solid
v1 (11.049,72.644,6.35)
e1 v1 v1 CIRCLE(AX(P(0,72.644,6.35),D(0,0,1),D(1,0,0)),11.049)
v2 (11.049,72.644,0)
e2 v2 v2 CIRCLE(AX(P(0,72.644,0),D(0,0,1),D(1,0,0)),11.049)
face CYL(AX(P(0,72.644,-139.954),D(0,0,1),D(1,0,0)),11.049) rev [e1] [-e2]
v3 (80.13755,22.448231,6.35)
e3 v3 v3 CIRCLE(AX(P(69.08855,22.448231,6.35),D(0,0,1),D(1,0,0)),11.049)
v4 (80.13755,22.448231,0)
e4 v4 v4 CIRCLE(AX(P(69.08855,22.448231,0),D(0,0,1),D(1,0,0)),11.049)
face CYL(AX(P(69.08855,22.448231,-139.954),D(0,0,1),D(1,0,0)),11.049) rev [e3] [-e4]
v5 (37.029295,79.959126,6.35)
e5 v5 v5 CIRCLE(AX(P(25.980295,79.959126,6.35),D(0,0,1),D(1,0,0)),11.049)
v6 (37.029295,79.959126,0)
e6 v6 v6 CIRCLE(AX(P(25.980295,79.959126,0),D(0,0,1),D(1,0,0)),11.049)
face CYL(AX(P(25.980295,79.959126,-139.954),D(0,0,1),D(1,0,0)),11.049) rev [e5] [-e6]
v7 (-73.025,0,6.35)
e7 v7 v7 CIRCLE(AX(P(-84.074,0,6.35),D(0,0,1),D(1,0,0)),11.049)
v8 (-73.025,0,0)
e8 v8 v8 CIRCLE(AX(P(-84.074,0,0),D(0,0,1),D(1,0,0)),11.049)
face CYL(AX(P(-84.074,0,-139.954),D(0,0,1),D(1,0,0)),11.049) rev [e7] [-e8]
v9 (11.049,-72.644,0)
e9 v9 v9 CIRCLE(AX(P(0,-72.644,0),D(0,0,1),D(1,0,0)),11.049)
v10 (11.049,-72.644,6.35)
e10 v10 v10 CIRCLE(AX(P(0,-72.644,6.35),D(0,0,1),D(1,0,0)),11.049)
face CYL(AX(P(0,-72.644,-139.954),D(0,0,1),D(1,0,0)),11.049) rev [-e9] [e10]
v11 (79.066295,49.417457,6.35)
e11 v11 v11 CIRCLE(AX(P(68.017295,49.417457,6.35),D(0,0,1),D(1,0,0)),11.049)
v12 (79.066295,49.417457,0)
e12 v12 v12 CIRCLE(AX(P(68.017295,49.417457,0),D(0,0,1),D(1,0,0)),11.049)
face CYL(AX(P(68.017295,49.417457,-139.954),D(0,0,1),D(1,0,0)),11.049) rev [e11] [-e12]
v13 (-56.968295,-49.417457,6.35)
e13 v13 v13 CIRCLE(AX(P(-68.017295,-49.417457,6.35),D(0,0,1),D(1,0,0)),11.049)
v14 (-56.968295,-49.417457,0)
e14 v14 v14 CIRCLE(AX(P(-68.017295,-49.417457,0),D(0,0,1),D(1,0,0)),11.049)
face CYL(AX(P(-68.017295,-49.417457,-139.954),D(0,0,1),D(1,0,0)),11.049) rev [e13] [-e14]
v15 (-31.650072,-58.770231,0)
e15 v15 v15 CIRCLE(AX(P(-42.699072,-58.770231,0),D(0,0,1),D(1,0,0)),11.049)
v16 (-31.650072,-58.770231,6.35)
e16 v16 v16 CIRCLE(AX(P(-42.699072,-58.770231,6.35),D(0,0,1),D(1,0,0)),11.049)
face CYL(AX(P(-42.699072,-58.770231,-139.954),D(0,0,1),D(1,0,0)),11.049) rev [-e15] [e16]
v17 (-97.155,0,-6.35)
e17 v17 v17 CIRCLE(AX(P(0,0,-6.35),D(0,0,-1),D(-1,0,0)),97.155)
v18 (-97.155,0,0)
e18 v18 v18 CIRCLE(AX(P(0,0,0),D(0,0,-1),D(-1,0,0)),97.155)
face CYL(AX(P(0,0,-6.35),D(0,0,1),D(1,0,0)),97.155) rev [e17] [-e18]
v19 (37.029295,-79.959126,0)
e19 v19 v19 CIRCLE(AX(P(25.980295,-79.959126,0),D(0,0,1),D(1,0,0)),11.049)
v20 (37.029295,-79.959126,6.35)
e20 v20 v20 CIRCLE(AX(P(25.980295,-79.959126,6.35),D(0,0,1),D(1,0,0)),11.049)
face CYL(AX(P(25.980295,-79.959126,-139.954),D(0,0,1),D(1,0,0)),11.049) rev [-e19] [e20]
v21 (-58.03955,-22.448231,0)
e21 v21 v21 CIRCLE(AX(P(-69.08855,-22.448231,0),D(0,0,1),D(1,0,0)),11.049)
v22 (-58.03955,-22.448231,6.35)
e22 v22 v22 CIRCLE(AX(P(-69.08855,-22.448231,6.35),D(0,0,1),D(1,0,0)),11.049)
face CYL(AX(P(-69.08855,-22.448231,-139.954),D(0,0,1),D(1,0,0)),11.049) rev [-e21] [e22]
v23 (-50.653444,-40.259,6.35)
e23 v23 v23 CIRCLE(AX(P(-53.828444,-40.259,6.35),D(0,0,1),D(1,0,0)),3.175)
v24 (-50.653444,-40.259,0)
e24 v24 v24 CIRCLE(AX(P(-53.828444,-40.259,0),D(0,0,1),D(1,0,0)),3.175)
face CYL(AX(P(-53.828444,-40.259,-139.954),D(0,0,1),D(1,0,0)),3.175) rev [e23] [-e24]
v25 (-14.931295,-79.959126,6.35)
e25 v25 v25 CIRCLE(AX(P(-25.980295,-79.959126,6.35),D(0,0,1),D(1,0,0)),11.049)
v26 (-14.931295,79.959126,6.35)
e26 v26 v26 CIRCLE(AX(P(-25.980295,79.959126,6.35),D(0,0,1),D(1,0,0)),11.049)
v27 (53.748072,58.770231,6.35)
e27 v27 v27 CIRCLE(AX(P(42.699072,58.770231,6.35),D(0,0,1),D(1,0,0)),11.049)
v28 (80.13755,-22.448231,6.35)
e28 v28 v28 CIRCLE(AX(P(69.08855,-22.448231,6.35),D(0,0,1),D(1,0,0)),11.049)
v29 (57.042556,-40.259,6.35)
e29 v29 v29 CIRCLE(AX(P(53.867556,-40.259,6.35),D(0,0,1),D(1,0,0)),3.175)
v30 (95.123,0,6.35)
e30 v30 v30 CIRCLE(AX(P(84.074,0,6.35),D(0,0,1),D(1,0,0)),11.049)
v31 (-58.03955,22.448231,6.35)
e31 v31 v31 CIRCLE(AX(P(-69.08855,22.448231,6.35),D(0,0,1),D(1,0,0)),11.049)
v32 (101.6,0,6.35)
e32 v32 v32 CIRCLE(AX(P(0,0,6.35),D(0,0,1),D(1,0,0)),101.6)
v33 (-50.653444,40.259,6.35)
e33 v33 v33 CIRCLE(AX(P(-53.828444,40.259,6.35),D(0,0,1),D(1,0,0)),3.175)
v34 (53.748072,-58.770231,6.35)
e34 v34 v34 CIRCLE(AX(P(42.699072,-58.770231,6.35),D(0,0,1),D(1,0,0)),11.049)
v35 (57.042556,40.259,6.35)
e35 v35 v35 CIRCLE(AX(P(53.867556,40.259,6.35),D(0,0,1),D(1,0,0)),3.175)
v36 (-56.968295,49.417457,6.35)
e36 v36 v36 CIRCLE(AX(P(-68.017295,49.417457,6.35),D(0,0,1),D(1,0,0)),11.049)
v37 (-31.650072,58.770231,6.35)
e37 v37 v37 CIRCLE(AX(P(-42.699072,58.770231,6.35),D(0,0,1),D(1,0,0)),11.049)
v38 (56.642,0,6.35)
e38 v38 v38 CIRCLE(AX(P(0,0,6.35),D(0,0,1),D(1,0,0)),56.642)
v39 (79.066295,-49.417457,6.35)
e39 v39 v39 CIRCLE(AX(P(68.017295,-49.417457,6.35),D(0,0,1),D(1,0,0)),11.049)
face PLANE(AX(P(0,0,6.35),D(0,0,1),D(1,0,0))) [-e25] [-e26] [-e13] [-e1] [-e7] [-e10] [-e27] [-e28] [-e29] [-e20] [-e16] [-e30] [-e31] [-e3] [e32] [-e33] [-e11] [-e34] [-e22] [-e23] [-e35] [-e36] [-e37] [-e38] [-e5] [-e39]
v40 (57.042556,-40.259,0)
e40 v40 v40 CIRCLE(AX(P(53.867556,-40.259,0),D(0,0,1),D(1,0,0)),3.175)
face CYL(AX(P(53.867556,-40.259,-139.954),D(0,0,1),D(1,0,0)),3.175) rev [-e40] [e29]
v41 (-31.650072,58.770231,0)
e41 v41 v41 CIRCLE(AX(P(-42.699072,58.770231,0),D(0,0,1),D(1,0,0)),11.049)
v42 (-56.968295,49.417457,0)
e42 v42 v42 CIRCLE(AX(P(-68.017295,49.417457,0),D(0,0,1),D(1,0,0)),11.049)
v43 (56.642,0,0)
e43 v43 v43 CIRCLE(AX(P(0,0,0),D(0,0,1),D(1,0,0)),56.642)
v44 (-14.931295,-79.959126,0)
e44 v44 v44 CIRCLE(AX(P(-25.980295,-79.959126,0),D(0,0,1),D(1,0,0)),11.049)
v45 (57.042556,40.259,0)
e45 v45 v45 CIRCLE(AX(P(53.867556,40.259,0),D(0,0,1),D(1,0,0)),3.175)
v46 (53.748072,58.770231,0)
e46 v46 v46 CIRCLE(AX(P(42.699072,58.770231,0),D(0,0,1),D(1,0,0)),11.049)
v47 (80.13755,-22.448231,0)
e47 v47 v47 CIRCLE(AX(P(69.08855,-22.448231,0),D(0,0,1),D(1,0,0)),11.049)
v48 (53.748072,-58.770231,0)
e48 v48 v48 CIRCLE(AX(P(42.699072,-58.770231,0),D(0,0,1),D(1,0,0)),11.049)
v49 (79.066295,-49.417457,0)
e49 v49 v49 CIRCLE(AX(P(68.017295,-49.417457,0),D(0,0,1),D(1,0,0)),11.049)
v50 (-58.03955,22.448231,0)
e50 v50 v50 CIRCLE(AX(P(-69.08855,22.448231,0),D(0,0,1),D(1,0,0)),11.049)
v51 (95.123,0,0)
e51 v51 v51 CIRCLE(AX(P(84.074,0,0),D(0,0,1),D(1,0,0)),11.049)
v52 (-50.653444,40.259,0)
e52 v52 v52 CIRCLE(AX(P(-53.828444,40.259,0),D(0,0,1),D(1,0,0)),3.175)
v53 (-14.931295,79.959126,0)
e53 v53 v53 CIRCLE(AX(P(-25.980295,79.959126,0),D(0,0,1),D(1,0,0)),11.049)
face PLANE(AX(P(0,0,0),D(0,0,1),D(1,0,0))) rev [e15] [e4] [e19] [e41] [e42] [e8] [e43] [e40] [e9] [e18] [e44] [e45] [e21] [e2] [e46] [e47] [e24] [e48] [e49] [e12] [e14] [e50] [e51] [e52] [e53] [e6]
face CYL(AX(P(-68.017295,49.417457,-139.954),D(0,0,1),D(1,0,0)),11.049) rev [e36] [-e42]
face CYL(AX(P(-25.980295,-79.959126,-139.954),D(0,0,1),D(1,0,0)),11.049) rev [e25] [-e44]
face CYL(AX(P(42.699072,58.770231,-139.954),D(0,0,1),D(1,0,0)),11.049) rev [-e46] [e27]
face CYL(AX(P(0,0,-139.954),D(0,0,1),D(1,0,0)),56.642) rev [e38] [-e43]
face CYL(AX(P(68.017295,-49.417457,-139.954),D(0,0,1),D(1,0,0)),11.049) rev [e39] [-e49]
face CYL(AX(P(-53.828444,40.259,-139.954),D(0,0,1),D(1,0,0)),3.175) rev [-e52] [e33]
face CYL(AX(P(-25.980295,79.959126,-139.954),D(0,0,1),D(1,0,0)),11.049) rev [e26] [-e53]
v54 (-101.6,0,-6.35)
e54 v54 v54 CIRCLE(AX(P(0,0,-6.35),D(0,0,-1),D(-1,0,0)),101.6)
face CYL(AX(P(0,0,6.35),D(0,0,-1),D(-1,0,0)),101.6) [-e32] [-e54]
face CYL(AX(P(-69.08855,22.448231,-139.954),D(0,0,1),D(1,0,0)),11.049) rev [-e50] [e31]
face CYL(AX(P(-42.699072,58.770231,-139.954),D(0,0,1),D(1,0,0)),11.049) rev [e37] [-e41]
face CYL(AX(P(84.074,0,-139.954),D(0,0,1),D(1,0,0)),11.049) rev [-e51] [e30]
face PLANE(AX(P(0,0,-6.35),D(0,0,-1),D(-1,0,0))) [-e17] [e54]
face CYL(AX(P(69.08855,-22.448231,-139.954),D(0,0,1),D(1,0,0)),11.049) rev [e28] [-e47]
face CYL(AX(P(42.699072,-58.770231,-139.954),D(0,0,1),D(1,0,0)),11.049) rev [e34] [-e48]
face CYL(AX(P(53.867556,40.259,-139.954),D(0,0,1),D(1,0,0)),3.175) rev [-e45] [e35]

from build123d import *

# Parameters (mm, degrees)
SKETCH1_R           = 101.6
BOSS_EXTRUDE1_DEPTH = 6.35
SKETCH2_R           = 56.642
CUT_EXTRUDE1_DEPTH  = 146.304
SKETCH3_R           = 11.049
CUT_EXTRUDE2_DEPTH  = 146.304
SKETCH4_R           = 11.049
CUT_EXTRUDE3_DEPTH  = 146.304
SKETCH5_R           = 3.175
CUT_EXTRUDE4_DEPTH  = 146.304
BOSS_EXTRUDE2_START = 6.35
SKETCH6_R           = 101.6
SKETCH6_R_2         = 97.155
BOSS_EXTRUDE2_DEPTH = 6.35


with BuildPart() as part:
    # Sketch1 → Boss-Extrude1 (new body)
    with BuildSketch(Plane.XY):
        Circle(SKETCH1_R)
    extrude(amount=BOSS_EXTRUDE1_DEPTH)

    # Sketch2 → Cut-Extrude1 (cut)
    with BuildSketch(Plane.XY.offset(6.35)):
        Circle(SKETCH2_R)
    extrude(amount=-CUT_EXTRUDE1_DEPTH, mode=Mode.SUBTRACT)

    # Sketch3 → Cut-Extrude2 (cut)
    with BuildSketch(Plane.XY.offset(6.35)):
        with Locations((0, 72.644)):
            Circle(SKETCH3_R)
        with Locations((42.699071868, 58.770230539)):
            Circle(SKETCH3_R)
        with Locations((69.08854957, 22.448230539)):
            Circle(SKETCH3_R)
        with Locations((69.08854957, -22.448230539)):
            Circle(SKETCH3_R)
        with Locations((42.699071868, -58.770230539)):
            Circle(SKETCH3_R)
        with Locations((0, -72.644)):
            Circle(SKETCH3_R)
        with Locations((-42.699071868, -58.770230539)):
            Circle(SKETCH3_R)
        with Locations((-69.08854957, -22.448230539)):
            Circle(SKETCH3_R)
        with Locations((-69.08854957, 22.448230539)):
            Circle(SKETCH3_R)
        with Locations((-42.699071868, 58.770230539)):
            Circle(SKETCH3_R)
    extrude(amount=-CUT_EXTRUDE2_DEPTH, mode=Mode.SUBTRACT)

    # Sketch4 → Cut-Extrude3 (cut)
    with BuildSketch(Plane.XY.offset(6.35)):
        with Locations((84.074, 0)):
            Circle(SKETCH4_R)
        with Locations((68.017294785, -49.417457301)):
            Circle(SKETCH4_R)
        with Locations((25.980294785, -79.959125551)):
            Circle(SKETCH4_R)
        with Locations((-25.980294785, -79.959125551)):
            Circle(SKETCH4_R)
        with Locations((-68.017294785, -49.417457301)):
            Circle(SKETCH4_R)
        with Locations((-84.074, 0)):
            Circle(SKETCH4_R)
        with Locations((-68.017294785, 49.417457301)):
            Circle(SKETCH4_R)
        with Locations((-25.980294785, 79.959125551)):
            Circle(SKETCH4_R)
        with Locations((25.980294785, 79.959125551)):
            Circle(SKETCH4_R)
        with Locations((68.017294785, 49.417457301)):
            Circle(SKETCH4_R)
    extrude(amount=-CUT_EXTRUDE3_DEPTH, mode=Mode.SUBTRACT)

    # Sketch5 → Cut-Extrude4 (cut)
    with BuildSketch(Plane.XY.offset(6.35)):
        with Locations((53.867555897, 40.259)):
            Circle(SKETCH5_R)
        with Locations((-53.828444103, 40.259)):
            Circle(SKETCH5_R)
        with Locations((-53.828444103, -40.259)):
            Circle(SKETCH5_R)
        with Locations((53.867555897, -40.259)):
            Circle(SKETCH5_R)
    extrude(amount=-CUT_EXTRUDE4_DEPTH, mode=Mode.SUBTRACT)

    # Sketch6 → Boss-Extrude2 (add)
    with BuildSketch(Plane(origin=(0, 0, 0), x_dir=(-1, 0, 0), z_dir=(0, 0, -1)).offset(BOSS_EXTRUDE2_START)):
        Circle(SKETCH6_R)
        Circle(SKETCH6_R_2, mode=Mode.SUBTRACT)
    extrude(amount=-BOSS_EXTRUDE2_DEPTH)


solid = part.part
